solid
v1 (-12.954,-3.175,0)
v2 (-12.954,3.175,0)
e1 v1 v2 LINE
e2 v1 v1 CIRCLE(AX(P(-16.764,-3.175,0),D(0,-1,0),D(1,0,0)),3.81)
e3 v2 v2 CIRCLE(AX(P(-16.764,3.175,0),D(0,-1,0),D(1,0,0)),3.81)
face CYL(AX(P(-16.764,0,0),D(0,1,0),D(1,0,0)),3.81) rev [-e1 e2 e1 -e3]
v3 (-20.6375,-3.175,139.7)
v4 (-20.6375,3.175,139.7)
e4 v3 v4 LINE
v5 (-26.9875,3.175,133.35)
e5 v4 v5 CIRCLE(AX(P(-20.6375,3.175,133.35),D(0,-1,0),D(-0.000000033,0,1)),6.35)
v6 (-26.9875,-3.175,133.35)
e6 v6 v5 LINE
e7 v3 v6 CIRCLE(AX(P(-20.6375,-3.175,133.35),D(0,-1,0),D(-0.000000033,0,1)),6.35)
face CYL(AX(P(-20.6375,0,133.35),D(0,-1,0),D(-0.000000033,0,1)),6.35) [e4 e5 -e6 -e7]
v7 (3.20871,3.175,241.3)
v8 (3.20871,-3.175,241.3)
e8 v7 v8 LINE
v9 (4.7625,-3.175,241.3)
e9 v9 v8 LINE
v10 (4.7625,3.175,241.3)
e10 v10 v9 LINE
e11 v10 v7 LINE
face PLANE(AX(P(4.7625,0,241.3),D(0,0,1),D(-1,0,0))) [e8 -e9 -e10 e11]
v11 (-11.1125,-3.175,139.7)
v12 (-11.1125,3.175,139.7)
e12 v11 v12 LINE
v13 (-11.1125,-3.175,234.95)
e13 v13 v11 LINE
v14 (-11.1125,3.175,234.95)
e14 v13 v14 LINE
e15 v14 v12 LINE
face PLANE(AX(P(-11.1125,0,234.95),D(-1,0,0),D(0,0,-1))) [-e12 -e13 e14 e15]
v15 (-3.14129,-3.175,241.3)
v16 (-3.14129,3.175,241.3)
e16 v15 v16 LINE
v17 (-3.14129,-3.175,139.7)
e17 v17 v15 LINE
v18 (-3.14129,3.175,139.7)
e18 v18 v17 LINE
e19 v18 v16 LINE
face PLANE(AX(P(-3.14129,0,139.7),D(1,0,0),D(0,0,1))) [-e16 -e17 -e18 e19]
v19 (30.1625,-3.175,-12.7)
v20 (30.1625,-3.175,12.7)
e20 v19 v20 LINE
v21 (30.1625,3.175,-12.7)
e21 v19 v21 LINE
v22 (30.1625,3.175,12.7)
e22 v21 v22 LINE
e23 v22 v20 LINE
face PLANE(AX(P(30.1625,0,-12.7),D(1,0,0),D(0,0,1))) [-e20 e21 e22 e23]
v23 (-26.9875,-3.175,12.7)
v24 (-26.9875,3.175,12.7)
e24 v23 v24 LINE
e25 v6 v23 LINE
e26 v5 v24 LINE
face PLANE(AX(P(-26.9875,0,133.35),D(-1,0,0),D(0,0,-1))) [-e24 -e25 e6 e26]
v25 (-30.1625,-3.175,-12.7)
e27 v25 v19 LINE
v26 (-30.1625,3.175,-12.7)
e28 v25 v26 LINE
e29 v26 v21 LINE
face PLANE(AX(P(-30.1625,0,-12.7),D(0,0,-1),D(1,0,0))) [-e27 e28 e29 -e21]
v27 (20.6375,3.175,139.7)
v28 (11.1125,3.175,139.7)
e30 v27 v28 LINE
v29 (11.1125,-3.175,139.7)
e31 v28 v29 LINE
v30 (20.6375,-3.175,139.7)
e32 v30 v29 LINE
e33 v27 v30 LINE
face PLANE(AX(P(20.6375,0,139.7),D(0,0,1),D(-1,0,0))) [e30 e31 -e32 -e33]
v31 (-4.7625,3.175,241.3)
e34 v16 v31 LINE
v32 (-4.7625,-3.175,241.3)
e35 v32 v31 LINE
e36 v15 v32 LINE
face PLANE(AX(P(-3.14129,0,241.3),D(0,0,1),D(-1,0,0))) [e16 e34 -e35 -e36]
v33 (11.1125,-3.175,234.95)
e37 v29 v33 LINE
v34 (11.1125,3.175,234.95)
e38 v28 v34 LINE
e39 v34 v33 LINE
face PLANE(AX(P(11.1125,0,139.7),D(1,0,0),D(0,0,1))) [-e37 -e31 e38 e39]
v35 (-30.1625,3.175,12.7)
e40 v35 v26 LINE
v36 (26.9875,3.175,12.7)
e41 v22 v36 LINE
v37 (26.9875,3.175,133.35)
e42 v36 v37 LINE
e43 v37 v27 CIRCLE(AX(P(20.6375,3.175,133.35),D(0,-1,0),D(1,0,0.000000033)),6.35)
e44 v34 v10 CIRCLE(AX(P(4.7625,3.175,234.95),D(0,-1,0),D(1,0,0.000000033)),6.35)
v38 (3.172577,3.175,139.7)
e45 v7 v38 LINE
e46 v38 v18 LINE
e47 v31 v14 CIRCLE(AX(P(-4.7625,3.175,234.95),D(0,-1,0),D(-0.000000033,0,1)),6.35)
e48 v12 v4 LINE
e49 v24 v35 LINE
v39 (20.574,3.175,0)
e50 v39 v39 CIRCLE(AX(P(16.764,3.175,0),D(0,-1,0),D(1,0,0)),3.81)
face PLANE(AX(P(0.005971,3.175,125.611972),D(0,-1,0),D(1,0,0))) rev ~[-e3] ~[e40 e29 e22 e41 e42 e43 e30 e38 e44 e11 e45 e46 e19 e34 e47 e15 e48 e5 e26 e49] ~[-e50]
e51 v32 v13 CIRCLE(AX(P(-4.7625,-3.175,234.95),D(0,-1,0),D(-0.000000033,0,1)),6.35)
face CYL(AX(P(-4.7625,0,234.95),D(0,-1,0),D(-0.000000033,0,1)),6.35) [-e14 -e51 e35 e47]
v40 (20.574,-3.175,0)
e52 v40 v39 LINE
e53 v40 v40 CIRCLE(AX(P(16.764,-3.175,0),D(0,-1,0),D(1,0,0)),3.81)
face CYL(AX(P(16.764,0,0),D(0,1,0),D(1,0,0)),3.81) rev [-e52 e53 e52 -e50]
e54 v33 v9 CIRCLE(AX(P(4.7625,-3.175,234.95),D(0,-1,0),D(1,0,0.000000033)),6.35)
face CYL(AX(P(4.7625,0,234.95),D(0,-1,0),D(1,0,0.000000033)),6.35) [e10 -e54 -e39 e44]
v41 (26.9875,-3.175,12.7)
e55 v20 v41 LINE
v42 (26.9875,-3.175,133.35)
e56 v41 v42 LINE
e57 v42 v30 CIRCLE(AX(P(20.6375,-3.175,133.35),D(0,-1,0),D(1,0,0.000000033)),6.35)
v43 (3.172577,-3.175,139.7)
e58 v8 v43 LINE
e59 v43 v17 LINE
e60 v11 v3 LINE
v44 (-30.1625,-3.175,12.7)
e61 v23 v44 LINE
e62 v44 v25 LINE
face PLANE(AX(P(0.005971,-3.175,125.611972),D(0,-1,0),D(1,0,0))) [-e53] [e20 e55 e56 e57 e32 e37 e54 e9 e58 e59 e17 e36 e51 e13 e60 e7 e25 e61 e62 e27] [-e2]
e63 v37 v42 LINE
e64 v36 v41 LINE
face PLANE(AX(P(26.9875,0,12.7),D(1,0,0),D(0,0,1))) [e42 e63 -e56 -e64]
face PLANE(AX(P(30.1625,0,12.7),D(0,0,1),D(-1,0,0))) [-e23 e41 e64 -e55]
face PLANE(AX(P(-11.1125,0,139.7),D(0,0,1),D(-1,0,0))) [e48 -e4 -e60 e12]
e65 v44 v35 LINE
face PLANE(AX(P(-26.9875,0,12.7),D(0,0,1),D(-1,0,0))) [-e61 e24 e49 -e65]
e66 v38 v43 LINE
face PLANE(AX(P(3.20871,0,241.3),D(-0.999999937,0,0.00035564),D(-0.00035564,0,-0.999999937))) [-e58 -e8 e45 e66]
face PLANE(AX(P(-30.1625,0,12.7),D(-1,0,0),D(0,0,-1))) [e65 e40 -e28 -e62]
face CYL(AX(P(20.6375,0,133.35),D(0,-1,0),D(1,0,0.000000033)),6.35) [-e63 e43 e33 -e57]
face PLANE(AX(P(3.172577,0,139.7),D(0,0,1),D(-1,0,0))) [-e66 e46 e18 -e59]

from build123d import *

# Parameters (mm, degrees)
F0_R     = 3.81
F1_DEPTH = 3.175


with BuildPart() as f1:
    # F0 (on Front) → F1 (new body, symmetric)
    with BuildSketch(Plane.XZ):
        with BuildLine():
            Line((0, -12.7), (26.9875, -12.7))
            Line((26.9875, -12.7), (30.1625, -12.7))
            Line((30.1625, -12.7), (30.1625, 12.7))
            Line((30.1625, 12.7), (26.9875, 12.7))
            Line((26.9875, 12.7), (26.9875, 133.35))
            ThreePointArc((26.9875, 133.35), (25.127628, 137.840128), (20.6375, 139.7))
            Line((20.6375, 139.7), (11.1125, 139.7))
            Line((11.1125, 139.7), (11.1125, 234.95))
            ThreePointArc((11.1125, 234.95), (9.252628, 239.440128), (4.7625, 241.3))
            Line((4.7625, 241.3), (3.20871, 241.3))
            Line((3.20871, 241.3), (3.172577, 139.7))
            Line((3.172577, 139.7), (-3.14129, 139.7))
            Line((-3.14129, 139.7), (-3.14129, 241.3))
            Line((-3.14129, 241.3), (-4.7625, 241.3))
            ThreePointArc((-4.7625, 241.3), (-9.252628, 239.440128), (-11.1125, 234.95))
            Line((-11.1125, 234.95), (-11.1125, 139.7))
            Line((-11.1125, 139.7), (-20.6375, 139.7))
            ThreePointArc((-20.6375, 139.7), (-25.127628, 137.840128), (-26.9875, 133.35))
            Line((-26.9875, 133.35), (-26.9875, 12.7))
            Line((-26.9875, 12.7), (-30.1625, 12.7))
            Line((-30.1625, 12.7), (-30.1625, -12.7))
            Line((-30.1625, -12.7), (-26.9875, -12.7))
            Line((-26.9875, -12.7), (-3.175, -12.7))
            Line((-3.175, -12.7), (0, -12.7))
        make_face()
        with Locations((-16.764, 0)):
            Circle(F0_R, mode=Mode.SUBTRACT)
        with Locations((16.764, 0)):
            Circle(F0_R, mode=Mode.SUBTRACT)
    extrude(amount=F1_DEPTH, both=True)


solid = f1.part
